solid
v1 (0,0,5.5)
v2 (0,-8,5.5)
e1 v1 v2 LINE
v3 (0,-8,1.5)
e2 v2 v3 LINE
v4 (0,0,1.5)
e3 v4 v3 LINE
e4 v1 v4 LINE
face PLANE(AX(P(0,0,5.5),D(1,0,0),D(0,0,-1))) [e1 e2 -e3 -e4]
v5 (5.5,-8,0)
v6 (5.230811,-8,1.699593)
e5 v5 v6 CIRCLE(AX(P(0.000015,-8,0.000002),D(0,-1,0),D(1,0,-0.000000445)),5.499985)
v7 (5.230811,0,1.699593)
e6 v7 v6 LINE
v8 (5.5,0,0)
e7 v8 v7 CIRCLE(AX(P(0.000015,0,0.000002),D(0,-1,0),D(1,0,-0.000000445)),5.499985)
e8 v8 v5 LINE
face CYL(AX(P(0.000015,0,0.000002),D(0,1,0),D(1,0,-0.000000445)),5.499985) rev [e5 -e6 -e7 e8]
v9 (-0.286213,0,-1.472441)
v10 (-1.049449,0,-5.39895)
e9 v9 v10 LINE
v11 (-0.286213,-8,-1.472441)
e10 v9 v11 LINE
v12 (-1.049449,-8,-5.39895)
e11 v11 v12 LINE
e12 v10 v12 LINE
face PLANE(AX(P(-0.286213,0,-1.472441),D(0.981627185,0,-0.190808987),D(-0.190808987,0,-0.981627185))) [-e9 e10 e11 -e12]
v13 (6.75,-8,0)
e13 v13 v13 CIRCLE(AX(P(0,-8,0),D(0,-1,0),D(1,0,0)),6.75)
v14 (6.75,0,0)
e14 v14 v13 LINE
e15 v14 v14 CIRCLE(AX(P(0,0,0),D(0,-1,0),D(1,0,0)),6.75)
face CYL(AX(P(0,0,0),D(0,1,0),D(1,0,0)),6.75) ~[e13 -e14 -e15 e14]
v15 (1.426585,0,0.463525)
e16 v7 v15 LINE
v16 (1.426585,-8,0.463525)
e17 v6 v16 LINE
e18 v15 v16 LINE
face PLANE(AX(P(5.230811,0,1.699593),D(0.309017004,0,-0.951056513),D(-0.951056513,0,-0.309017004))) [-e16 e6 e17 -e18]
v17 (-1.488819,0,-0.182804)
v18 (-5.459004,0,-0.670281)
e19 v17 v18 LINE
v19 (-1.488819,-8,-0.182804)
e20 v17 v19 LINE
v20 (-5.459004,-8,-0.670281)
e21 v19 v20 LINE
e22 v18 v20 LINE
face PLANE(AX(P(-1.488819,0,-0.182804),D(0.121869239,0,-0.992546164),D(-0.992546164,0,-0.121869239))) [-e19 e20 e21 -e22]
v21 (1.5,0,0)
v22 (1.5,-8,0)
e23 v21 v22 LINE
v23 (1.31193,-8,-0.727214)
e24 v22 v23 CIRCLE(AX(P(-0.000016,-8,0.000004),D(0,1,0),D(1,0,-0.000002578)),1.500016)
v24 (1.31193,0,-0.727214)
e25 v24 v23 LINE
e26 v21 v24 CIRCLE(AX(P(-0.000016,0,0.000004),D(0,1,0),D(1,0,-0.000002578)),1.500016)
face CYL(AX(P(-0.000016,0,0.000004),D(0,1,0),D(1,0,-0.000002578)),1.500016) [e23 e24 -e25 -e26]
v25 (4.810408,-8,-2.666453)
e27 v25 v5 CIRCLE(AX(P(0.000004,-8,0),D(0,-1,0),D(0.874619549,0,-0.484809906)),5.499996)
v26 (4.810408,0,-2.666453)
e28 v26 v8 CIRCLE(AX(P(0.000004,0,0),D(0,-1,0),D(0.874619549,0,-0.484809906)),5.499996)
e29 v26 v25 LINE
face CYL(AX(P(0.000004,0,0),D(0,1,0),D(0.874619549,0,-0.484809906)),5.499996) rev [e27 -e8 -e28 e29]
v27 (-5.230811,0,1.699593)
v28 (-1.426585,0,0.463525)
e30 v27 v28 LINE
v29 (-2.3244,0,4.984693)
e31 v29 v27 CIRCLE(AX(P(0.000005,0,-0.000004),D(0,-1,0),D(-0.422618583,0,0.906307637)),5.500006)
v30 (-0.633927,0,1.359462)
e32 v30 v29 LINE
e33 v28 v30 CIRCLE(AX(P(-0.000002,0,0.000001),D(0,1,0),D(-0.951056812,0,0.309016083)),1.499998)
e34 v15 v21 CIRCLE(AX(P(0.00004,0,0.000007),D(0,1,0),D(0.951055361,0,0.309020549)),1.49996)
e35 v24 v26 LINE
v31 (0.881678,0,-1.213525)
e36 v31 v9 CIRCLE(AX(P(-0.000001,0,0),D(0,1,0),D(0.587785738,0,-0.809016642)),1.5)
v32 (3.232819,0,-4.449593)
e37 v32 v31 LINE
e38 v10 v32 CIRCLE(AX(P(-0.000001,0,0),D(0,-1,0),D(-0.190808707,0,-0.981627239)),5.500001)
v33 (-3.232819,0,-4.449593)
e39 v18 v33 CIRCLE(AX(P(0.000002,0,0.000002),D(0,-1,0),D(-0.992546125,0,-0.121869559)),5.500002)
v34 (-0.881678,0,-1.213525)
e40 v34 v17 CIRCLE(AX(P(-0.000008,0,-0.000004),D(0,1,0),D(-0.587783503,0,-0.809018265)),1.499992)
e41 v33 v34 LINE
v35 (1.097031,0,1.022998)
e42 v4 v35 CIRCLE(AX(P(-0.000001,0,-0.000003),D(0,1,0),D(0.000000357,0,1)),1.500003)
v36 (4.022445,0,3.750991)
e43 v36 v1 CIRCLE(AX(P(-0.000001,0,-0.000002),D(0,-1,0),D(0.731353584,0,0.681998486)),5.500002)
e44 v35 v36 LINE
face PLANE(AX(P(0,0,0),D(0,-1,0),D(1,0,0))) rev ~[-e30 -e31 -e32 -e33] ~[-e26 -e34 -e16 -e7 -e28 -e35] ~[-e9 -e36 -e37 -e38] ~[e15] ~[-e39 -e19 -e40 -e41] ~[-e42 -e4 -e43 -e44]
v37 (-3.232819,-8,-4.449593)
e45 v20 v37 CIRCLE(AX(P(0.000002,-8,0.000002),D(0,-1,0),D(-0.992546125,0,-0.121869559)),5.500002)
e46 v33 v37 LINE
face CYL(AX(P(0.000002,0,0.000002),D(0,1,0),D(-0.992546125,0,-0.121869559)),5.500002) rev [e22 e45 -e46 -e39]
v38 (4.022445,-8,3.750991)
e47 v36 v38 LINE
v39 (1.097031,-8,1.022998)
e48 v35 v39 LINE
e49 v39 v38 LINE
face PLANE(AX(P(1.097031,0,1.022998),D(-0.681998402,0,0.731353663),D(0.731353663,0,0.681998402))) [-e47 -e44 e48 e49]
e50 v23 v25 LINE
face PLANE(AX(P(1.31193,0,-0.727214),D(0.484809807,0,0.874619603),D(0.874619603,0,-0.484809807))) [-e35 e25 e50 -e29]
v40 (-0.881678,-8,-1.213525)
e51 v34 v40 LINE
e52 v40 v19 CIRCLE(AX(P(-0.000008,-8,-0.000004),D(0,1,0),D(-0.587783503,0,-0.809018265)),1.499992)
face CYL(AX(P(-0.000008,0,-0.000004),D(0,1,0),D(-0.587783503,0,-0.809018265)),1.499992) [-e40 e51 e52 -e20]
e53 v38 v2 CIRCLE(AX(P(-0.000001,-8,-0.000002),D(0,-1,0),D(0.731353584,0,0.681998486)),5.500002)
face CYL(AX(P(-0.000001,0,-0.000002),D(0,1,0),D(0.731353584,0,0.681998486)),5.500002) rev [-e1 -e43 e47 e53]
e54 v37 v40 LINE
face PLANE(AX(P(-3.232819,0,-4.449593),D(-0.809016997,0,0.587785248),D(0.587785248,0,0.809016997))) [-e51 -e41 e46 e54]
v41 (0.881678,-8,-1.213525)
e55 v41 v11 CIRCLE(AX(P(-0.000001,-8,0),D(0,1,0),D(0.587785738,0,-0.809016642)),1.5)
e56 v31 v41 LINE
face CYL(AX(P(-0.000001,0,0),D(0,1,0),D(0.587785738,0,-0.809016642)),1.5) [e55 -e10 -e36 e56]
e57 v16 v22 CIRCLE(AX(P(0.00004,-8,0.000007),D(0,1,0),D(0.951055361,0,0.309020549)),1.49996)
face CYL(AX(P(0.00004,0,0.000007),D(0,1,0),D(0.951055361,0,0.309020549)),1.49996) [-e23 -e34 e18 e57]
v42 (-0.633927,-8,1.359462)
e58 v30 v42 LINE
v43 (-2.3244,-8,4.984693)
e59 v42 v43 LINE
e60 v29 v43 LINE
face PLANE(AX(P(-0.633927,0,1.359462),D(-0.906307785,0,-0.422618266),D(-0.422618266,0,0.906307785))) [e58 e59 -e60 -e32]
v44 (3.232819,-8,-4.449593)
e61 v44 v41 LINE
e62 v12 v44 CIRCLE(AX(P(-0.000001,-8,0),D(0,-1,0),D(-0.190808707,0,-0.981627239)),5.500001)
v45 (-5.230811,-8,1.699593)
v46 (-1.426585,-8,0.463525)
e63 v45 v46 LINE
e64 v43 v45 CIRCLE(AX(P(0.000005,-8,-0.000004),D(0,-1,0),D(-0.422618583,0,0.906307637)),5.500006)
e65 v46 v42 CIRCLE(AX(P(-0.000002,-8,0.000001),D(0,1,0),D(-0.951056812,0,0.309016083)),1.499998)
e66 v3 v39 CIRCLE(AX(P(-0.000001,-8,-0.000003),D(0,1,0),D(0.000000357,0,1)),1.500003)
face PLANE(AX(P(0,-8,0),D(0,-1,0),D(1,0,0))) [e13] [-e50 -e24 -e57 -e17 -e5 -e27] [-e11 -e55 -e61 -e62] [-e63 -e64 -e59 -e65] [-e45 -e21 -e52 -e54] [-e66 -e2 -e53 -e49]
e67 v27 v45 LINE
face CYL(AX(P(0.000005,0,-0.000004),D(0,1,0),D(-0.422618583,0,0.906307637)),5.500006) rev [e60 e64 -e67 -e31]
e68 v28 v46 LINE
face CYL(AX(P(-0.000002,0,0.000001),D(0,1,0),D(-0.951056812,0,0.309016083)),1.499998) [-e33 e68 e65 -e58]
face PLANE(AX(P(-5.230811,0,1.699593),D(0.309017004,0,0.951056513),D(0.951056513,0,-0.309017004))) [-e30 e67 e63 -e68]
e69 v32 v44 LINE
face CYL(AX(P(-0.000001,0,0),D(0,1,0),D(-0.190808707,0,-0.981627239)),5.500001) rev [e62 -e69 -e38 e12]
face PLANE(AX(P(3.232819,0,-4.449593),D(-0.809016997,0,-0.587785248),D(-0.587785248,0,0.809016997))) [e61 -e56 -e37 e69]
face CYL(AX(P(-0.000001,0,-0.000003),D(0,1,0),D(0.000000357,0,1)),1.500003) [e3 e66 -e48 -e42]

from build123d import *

# Parameters (mm, degrees)
F0_R     = 6.75
F1_DEPTH = 8
F3_DEPTH = 8


with BuildPart() as f1:
    # F0 (on Front) → F1 (new body)
    with BuildSketch(Plane.XZ):
        Circle(F0_R)
    extrude(amount=F1_DEPTH)

    # F2 (on Front) → F3 (cut)
    with BuildSketch(Plane.XZ):
        with BuildLine():
            ThreePointArc((1.426585, 0.463525), (1.481533, 0.234652), (1.5, 0))
            ThreePointArc((1.5, 0), (1.452221, -0.37557), (1.31193, -0.727214))
            Line((1.31193, -0.727214), (4.810408, -2.666453))
            ThreePointArc((4.810408, -2.666453), (5.324812, -1.37709), (5.5, 0))
            ThreePointArc((5.5, 0), (5.432286, 0.86039), (5.230811, 1.699593))
            Line((5.230811, 1.699593), (1.426585, 0.463525))
        make_face()
        with BuildLine():
            ThreePointArc((0, 1.5), (0.598124, 1.37559), (1.097031, 1.022998))
            Line((1.097031, 1.022998), (4.022445, 3.750991))
            ThreePointArc((4.022445, 3.750991), (2.19312, 5.04383), (0, 5.5))
            Line((0, 5.5), (0, 1.5))
        make_face()
        with BuildLine():
            ThreePointArc((-1.426585, 0.463525), (-1.123434, 0.99393), (-0.633927, 1.359462))
            Line((-0.633927, 1.359462), (-2.3244, 4.984693))
            ThreePointArc((-2.3244, 4.984693), (-4.119256, 3.64441), (-5.230811, 1.699593))
            Line((-5.230811, 1.699593), (-1.426585, 0.463525))
        make_face()
        with BuildLine():
            Line((3.232819, -4.449593), (0.881678, -1.213525))
            ThreePointArc((0.881678, -1.213525), (0.324659, -1.464444), (-0.286213, -1.472441))
            Line((-0.286213, -1.472441), (-1.049449, -5.39895))
            ThreePointArc((-1.049449, -5.39895), (1.190418, -5.369628), (3.232819, -4.449593))
        make_face()
        with BuildLine():
            Line((-3.232819, -4.449593), (-0.881678, -1.213525))
            ThreePointArc((-0.881678, -1.213525), (-1.292444, -0.761308), (-1.488819, -0.182804))
            Line((-1.488819, -0.182804), (-5.459004, -0.670281))
            ThreePointArc((-5.459004, -0.670281), (-4.73896, -2.791461), (-3.232819, -4.449593))
        make_face()
    extrude(amount=F3_DEPTH, mode=Mode.SUBTRACT)


solid = f1.part
